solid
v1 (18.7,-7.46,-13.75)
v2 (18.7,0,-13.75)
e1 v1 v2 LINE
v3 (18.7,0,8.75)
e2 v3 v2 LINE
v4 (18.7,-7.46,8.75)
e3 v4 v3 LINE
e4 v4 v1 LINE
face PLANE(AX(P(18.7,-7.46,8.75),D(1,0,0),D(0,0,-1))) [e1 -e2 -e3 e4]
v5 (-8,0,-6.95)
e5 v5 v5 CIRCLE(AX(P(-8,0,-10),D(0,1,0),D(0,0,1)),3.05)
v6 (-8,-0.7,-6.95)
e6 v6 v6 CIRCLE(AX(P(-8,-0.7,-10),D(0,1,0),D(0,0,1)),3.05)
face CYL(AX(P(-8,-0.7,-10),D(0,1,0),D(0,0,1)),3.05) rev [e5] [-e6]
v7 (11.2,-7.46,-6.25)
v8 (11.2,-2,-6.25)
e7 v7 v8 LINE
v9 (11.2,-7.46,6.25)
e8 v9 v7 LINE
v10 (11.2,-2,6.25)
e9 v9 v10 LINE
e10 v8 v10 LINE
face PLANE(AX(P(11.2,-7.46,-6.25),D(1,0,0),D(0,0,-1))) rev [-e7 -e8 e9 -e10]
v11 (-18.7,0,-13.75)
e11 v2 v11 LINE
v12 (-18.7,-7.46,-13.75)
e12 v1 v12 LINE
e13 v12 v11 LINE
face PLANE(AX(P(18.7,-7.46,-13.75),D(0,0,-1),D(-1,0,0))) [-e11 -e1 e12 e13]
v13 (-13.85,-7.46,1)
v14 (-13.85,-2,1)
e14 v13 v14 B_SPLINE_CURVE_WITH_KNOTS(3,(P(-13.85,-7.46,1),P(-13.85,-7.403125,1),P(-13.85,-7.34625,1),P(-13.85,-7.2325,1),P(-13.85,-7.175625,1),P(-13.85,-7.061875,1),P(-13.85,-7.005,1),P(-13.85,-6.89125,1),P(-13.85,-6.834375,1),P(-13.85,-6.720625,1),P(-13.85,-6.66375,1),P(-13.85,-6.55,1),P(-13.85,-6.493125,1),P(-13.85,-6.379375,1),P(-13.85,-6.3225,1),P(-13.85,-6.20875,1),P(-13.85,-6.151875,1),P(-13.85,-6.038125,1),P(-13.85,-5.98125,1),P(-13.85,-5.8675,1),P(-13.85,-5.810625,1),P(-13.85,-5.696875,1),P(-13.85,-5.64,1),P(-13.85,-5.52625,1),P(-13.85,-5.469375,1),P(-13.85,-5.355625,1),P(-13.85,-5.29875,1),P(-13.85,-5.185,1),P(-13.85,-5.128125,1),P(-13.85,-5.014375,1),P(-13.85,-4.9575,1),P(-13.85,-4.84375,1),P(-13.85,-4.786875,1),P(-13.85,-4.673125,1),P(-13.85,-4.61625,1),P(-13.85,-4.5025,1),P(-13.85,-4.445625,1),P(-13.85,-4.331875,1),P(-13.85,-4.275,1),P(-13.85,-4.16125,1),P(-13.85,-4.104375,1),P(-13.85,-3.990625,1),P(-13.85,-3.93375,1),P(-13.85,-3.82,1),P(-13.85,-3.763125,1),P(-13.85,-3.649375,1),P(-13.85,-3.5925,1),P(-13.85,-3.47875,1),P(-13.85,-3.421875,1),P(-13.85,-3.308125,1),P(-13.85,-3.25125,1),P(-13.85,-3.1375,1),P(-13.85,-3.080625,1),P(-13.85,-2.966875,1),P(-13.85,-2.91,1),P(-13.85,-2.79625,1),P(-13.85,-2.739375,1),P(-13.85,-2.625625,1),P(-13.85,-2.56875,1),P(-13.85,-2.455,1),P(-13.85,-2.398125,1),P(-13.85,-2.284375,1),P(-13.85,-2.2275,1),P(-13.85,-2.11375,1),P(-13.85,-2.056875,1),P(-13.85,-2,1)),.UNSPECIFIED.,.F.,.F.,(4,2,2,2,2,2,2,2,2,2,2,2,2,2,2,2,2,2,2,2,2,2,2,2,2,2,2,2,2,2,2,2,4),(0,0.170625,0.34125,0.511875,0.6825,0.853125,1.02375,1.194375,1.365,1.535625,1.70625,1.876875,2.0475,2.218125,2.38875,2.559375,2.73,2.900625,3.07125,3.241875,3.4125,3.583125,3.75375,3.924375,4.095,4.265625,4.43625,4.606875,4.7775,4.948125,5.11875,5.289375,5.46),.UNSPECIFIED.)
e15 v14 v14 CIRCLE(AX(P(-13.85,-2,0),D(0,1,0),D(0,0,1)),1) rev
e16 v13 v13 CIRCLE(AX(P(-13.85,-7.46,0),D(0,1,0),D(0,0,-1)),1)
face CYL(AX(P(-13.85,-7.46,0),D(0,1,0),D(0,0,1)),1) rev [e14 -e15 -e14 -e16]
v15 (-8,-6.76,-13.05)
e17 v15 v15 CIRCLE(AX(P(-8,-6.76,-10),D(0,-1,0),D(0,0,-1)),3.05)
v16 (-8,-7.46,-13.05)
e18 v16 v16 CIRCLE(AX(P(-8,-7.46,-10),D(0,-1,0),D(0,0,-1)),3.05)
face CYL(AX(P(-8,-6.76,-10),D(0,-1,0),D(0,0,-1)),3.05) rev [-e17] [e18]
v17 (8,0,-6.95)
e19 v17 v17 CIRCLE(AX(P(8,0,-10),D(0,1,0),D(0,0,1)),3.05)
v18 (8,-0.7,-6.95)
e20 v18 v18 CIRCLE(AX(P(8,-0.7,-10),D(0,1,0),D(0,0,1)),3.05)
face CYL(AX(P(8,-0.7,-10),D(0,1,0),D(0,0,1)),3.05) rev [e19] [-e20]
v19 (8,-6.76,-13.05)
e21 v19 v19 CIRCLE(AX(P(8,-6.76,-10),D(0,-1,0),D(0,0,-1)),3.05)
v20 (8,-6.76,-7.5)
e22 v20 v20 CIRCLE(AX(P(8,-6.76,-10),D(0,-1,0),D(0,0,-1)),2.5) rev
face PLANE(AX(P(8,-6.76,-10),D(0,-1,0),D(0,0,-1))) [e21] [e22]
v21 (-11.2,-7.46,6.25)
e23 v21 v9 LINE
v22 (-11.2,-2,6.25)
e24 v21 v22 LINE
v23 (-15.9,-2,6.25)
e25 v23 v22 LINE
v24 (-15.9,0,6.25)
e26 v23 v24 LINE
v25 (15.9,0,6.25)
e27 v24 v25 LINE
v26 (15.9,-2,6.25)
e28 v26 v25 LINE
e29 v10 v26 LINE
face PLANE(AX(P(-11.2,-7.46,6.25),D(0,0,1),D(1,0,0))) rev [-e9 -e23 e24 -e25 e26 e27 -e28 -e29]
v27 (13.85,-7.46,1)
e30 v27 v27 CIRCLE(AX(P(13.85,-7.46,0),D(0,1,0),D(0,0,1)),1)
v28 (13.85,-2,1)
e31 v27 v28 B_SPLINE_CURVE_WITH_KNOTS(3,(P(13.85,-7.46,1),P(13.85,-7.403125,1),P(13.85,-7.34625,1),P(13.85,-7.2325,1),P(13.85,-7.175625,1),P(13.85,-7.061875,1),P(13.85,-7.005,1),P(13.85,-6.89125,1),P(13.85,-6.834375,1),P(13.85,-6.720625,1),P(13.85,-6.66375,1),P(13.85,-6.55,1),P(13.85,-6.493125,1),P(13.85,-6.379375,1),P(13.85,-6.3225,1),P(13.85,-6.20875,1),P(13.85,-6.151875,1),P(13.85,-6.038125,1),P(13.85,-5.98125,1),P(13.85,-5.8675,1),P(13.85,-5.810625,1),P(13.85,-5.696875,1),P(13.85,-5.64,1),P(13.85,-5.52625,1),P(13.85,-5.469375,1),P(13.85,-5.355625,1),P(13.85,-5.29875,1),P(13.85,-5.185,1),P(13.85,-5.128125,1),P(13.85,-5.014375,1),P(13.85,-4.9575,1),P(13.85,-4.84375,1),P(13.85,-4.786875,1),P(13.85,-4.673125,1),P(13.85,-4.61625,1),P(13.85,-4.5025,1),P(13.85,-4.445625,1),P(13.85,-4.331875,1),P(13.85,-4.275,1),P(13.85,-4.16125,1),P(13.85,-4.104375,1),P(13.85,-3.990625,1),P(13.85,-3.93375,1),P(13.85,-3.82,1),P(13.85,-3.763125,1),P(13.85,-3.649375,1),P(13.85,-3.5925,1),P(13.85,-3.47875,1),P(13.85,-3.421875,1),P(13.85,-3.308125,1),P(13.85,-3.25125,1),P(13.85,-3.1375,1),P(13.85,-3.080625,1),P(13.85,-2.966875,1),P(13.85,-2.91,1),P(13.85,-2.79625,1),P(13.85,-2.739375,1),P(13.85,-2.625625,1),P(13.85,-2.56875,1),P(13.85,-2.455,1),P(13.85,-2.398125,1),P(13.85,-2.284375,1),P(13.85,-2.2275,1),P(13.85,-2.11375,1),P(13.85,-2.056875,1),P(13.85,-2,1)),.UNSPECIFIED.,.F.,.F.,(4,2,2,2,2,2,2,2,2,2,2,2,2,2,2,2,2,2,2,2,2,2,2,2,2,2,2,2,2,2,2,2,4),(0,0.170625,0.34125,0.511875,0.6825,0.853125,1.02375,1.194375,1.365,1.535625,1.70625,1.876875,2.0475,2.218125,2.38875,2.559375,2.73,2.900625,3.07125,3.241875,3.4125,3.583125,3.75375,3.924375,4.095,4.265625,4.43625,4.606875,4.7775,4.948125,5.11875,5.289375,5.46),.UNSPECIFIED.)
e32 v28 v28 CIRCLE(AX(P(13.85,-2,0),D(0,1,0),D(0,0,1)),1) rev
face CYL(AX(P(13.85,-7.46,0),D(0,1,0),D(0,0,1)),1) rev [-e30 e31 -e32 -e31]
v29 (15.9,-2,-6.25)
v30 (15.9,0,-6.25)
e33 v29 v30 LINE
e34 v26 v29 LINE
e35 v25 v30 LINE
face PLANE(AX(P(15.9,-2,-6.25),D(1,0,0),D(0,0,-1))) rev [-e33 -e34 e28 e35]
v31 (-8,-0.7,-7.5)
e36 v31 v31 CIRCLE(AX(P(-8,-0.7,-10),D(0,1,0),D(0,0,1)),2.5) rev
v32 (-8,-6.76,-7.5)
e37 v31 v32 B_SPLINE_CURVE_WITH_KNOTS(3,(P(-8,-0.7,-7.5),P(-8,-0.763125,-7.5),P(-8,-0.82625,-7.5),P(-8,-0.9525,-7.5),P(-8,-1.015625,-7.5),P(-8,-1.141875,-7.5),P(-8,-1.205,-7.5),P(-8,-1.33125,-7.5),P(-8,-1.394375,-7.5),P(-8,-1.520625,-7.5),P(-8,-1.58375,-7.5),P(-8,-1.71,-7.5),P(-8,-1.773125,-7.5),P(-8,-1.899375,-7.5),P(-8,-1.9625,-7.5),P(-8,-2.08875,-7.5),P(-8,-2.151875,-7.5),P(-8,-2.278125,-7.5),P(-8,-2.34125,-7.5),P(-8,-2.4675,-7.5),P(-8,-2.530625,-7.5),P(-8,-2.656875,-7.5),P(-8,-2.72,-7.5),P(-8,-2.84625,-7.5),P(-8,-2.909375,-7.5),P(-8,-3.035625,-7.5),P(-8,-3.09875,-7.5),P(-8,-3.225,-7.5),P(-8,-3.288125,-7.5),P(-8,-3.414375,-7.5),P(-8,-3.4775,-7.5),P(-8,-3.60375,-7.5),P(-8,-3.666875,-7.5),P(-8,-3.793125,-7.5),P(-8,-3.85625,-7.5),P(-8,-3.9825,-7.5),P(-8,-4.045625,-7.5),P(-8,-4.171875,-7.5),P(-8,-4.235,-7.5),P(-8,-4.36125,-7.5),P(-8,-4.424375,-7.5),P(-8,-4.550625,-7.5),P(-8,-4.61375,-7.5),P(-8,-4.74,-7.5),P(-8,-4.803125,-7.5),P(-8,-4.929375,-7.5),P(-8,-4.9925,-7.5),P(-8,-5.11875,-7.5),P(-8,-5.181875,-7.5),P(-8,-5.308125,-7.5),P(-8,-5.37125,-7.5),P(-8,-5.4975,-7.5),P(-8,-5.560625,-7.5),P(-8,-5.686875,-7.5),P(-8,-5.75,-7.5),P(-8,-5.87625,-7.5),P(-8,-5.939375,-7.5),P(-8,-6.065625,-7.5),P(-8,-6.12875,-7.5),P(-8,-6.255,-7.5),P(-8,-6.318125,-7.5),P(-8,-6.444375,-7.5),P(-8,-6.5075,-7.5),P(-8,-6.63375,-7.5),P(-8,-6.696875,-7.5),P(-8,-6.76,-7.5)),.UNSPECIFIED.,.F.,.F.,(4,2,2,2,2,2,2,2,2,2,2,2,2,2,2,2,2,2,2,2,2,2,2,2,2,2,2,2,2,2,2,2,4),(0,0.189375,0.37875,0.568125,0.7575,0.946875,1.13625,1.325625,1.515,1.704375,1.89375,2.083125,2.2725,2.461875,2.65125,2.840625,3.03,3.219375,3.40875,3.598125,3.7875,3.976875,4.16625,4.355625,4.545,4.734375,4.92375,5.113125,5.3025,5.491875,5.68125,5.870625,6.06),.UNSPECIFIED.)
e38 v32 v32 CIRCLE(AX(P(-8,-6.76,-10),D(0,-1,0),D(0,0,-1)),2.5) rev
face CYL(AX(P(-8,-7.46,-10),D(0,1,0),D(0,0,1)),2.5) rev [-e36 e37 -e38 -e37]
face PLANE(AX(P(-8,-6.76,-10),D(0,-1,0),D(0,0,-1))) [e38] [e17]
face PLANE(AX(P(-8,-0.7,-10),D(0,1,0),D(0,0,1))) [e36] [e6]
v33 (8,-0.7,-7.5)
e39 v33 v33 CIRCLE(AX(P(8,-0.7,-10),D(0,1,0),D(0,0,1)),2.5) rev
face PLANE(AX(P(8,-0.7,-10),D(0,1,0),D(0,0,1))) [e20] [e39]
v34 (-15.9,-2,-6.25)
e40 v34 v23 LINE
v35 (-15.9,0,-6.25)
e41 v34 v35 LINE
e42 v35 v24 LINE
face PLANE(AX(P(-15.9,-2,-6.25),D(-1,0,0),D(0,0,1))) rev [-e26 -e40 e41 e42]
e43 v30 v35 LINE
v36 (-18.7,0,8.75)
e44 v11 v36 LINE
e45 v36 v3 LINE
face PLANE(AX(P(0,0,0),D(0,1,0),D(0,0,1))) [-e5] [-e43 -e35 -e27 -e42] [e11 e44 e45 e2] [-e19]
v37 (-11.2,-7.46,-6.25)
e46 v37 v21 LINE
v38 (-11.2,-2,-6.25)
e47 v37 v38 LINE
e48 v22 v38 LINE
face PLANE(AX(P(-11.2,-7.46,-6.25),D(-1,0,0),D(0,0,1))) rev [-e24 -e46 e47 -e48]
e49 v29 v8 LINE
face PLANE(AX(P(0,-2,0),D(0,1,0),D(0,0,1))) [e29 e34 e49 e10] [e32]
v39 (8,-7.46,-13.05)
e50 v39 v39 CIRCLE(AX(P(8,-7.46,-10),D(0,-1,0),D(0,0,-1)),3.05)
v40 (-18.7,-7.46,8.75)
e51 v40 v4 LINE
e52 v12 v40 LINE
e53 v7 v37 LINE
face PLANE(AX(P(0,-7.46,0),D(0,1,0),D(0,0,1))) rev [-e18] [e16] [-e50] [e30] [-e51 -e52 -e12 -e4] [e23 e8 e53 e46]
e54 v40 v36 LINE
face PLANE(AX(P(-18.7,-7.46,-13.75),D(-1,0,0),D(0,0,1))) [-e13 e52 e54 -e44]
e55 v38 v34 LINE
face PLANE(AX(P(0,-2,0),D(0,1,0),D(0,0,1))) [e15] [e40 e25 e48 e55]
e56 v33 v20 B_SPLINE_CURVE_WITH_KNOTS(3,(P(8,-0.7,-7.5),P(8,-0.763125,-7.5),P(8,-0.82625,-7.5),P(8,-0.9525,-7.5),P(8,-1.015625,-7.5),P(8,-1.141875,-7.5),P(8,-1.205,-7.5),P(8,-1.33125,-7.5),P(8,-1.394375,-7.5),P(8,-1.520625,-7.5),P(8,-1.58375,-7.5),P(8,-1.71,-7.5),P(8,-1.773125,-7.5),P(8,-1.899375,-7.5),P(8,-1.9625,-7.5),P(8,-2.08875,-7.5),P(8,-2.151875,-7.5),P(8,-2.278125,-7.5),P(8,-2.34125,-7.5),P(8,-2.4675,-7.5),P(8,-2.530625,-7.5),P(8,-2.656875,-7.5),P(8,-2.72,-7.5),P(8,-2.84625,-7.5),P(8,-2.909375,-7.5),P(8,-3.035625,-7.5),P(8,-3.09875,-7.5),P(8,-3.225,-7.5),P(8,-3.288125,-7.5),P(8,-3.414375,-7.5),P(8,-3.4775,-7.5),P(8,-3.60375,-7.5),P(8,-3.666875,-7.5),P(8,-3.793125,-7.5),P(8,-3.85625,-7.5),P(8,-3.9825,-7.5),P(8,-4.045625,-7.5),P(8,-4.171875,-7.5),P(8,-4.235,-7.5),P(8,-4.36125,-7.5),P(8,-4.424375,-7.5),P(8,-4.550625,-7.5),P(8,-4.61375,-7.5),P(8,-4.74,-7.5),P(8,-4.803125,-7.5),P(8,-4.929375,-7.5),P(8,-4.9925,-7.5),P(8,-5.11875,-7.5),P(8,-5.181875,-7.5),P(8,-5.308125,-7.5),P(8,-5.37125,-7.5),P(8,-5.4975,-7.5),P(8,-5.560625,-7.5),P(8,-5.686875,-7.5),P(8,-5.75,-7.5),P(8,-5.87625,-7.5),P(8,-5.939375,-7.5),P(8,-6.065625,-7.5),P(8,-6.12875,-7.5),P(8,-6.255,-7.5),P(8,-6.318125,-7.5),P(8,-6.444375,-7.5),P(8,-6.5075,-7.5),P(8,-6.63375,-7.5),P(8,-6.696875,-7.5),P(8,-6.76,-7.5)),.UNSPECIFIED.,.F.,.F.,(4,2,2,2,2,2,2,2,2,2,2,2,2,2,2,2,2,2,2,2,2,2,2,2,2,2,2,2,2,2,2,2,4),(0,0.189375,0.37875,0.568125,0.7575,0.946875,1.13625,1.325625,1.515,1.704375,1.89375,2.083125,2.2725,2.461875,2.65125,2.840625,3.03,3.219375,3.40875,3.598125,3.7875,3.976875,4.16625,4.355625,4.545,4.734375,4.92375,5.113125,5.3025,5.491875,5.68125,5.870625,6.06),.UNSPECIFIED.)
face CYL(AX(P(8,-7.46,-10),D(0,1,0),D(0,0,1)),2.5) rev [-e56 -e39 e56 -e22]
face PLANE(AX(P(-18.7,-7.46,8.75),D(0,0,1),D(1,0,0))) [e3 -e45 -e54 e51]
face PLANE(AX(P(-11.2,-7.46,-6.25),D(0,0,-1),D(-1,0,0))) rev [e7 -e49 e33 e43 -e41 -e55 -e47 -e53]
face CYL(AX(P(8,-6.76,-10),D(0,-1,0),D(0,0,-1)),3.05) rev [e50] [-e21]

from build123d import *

# Parameters (mm, degrees)
SKETCH1_W           = 37.4
SKETCH1_H           = 22.5
SKETCH1_R           = 1
SKETCH1_W_2         = 22.4
SKETCH1_H_2         = 12.5
BOSS_EXTRUDE1_DEPTH = 7.46
SKETCH2_W           = 31.8
SKETCH2_H           = 12.5
CUT_EXTRUDE1_DEPTH  = 2
SKETCH3_R           = 2.5
CUT_EXTRUDE2_DEPTH  = 25.380404016
SKETCH4_R           = 3.05
CUT_EXTRUDE3_DEPTH  = 0.7
CUT_EXTRUDE4_START  = -0.7
SKETCH5_R           = 3.05
CUT_EXTRUDE4_DEPTH  = 0.7


with BuildPart() as part:
    # Sketch1 → Boss-Extrude1 (new body)
    with BuildSketch(Plane(origin=(0, 0, 0), x_dir=(1, 0, 0), z_dir=(0, 1, 0))):
        with Locations((0, 2.5)):
            Rectangle(SKETCH1_W, SKETCH1_H)
        with Locations(Location((13.85, 0, 0), (0, 0, 270))):
            Circle(SKETCH1_R, mode=Mode.SUBTRACT)
        with Locations(Location((-13.85, 0, 0), (0, 0, 270))):
            Circle(SKETCH1_R, mode=Mode.SUBTRACT)
        Rectangle(SKETCH1_W_2, SKETCH1_H_2, mode=Mode.SUBTRACT)
    extrude(amount=-BOSS_EXTRUDE1_DEPTH)

    # Sketch2 → Cut-Extrude1 (cut)
    with BuildSketch(Plane(origin=(0, 0, 0), x_dir=(1, 0, 0), z_dir=(0, 1, 0))):
        Rectangle(SKETCH2_W, SKETCH2_H)
    extrude(amount=-CUT_EXTRUDE1_DEPTH, mode=Mode.SUBTRACT)

    # Sketch3 → Cut-Extrude2 (cut, through all)
    with BuildSketch(Plane(origin=(0, 0, 0), x_dir=(1, 0, 0), z_dir=(0, 1, 0))):
        with Locations(Location((8, 10, 0), (0, 0, 270))):
            Circle(SKETCH3_R)
        with Locations(Location((-8, 10, 0), (0, 0, 270))):
            Circle(SKETCH3_R)
    extrude(amount=-CUT_EXTRUDE2_DEPTH, mode=Mode.SUBTRACT)

    # Sketch4 → Cut-Extrude3 (cut)
    with BuildSketch(Plane(origin=(0, 0, 0), x_dir=(1, 0, 0), z_dir=(0, 1, 0))):
        with Locations(Location((-8, 10, 0), (0, 0, 270))):
            Circle(SKETCH4_R)
        with Locations(Location((8, 10, 0), (0, 0, 270))):
            Circle(SKETCH4_R)
    extrude(amount=-CUT_EXTRUDE3_DEPTH, mode=Mode.SUBTRACT)

    # Sketch5 → Cut-Extrude4 (cut)
    with BuildSketch(Plane(origin=(0, -7.46, 0), x_dir=(-1, 0, 0), z_dir=(0, -1, 0)).offset(CUT_EXTRUDE4_START)):
        with Locations(Location((-8, 10, 0), (0, 0, 270))):
            Circle(SKETCH5_R)
        with Locations(Location((8, 10, 0), (0, 0, 270))):
            Circle(SKETCH5_R)
    extrude(amount=CUT_EXTRUDE4_DEPTH, mode=Mode.SUBTRACT)


solid = part.part
